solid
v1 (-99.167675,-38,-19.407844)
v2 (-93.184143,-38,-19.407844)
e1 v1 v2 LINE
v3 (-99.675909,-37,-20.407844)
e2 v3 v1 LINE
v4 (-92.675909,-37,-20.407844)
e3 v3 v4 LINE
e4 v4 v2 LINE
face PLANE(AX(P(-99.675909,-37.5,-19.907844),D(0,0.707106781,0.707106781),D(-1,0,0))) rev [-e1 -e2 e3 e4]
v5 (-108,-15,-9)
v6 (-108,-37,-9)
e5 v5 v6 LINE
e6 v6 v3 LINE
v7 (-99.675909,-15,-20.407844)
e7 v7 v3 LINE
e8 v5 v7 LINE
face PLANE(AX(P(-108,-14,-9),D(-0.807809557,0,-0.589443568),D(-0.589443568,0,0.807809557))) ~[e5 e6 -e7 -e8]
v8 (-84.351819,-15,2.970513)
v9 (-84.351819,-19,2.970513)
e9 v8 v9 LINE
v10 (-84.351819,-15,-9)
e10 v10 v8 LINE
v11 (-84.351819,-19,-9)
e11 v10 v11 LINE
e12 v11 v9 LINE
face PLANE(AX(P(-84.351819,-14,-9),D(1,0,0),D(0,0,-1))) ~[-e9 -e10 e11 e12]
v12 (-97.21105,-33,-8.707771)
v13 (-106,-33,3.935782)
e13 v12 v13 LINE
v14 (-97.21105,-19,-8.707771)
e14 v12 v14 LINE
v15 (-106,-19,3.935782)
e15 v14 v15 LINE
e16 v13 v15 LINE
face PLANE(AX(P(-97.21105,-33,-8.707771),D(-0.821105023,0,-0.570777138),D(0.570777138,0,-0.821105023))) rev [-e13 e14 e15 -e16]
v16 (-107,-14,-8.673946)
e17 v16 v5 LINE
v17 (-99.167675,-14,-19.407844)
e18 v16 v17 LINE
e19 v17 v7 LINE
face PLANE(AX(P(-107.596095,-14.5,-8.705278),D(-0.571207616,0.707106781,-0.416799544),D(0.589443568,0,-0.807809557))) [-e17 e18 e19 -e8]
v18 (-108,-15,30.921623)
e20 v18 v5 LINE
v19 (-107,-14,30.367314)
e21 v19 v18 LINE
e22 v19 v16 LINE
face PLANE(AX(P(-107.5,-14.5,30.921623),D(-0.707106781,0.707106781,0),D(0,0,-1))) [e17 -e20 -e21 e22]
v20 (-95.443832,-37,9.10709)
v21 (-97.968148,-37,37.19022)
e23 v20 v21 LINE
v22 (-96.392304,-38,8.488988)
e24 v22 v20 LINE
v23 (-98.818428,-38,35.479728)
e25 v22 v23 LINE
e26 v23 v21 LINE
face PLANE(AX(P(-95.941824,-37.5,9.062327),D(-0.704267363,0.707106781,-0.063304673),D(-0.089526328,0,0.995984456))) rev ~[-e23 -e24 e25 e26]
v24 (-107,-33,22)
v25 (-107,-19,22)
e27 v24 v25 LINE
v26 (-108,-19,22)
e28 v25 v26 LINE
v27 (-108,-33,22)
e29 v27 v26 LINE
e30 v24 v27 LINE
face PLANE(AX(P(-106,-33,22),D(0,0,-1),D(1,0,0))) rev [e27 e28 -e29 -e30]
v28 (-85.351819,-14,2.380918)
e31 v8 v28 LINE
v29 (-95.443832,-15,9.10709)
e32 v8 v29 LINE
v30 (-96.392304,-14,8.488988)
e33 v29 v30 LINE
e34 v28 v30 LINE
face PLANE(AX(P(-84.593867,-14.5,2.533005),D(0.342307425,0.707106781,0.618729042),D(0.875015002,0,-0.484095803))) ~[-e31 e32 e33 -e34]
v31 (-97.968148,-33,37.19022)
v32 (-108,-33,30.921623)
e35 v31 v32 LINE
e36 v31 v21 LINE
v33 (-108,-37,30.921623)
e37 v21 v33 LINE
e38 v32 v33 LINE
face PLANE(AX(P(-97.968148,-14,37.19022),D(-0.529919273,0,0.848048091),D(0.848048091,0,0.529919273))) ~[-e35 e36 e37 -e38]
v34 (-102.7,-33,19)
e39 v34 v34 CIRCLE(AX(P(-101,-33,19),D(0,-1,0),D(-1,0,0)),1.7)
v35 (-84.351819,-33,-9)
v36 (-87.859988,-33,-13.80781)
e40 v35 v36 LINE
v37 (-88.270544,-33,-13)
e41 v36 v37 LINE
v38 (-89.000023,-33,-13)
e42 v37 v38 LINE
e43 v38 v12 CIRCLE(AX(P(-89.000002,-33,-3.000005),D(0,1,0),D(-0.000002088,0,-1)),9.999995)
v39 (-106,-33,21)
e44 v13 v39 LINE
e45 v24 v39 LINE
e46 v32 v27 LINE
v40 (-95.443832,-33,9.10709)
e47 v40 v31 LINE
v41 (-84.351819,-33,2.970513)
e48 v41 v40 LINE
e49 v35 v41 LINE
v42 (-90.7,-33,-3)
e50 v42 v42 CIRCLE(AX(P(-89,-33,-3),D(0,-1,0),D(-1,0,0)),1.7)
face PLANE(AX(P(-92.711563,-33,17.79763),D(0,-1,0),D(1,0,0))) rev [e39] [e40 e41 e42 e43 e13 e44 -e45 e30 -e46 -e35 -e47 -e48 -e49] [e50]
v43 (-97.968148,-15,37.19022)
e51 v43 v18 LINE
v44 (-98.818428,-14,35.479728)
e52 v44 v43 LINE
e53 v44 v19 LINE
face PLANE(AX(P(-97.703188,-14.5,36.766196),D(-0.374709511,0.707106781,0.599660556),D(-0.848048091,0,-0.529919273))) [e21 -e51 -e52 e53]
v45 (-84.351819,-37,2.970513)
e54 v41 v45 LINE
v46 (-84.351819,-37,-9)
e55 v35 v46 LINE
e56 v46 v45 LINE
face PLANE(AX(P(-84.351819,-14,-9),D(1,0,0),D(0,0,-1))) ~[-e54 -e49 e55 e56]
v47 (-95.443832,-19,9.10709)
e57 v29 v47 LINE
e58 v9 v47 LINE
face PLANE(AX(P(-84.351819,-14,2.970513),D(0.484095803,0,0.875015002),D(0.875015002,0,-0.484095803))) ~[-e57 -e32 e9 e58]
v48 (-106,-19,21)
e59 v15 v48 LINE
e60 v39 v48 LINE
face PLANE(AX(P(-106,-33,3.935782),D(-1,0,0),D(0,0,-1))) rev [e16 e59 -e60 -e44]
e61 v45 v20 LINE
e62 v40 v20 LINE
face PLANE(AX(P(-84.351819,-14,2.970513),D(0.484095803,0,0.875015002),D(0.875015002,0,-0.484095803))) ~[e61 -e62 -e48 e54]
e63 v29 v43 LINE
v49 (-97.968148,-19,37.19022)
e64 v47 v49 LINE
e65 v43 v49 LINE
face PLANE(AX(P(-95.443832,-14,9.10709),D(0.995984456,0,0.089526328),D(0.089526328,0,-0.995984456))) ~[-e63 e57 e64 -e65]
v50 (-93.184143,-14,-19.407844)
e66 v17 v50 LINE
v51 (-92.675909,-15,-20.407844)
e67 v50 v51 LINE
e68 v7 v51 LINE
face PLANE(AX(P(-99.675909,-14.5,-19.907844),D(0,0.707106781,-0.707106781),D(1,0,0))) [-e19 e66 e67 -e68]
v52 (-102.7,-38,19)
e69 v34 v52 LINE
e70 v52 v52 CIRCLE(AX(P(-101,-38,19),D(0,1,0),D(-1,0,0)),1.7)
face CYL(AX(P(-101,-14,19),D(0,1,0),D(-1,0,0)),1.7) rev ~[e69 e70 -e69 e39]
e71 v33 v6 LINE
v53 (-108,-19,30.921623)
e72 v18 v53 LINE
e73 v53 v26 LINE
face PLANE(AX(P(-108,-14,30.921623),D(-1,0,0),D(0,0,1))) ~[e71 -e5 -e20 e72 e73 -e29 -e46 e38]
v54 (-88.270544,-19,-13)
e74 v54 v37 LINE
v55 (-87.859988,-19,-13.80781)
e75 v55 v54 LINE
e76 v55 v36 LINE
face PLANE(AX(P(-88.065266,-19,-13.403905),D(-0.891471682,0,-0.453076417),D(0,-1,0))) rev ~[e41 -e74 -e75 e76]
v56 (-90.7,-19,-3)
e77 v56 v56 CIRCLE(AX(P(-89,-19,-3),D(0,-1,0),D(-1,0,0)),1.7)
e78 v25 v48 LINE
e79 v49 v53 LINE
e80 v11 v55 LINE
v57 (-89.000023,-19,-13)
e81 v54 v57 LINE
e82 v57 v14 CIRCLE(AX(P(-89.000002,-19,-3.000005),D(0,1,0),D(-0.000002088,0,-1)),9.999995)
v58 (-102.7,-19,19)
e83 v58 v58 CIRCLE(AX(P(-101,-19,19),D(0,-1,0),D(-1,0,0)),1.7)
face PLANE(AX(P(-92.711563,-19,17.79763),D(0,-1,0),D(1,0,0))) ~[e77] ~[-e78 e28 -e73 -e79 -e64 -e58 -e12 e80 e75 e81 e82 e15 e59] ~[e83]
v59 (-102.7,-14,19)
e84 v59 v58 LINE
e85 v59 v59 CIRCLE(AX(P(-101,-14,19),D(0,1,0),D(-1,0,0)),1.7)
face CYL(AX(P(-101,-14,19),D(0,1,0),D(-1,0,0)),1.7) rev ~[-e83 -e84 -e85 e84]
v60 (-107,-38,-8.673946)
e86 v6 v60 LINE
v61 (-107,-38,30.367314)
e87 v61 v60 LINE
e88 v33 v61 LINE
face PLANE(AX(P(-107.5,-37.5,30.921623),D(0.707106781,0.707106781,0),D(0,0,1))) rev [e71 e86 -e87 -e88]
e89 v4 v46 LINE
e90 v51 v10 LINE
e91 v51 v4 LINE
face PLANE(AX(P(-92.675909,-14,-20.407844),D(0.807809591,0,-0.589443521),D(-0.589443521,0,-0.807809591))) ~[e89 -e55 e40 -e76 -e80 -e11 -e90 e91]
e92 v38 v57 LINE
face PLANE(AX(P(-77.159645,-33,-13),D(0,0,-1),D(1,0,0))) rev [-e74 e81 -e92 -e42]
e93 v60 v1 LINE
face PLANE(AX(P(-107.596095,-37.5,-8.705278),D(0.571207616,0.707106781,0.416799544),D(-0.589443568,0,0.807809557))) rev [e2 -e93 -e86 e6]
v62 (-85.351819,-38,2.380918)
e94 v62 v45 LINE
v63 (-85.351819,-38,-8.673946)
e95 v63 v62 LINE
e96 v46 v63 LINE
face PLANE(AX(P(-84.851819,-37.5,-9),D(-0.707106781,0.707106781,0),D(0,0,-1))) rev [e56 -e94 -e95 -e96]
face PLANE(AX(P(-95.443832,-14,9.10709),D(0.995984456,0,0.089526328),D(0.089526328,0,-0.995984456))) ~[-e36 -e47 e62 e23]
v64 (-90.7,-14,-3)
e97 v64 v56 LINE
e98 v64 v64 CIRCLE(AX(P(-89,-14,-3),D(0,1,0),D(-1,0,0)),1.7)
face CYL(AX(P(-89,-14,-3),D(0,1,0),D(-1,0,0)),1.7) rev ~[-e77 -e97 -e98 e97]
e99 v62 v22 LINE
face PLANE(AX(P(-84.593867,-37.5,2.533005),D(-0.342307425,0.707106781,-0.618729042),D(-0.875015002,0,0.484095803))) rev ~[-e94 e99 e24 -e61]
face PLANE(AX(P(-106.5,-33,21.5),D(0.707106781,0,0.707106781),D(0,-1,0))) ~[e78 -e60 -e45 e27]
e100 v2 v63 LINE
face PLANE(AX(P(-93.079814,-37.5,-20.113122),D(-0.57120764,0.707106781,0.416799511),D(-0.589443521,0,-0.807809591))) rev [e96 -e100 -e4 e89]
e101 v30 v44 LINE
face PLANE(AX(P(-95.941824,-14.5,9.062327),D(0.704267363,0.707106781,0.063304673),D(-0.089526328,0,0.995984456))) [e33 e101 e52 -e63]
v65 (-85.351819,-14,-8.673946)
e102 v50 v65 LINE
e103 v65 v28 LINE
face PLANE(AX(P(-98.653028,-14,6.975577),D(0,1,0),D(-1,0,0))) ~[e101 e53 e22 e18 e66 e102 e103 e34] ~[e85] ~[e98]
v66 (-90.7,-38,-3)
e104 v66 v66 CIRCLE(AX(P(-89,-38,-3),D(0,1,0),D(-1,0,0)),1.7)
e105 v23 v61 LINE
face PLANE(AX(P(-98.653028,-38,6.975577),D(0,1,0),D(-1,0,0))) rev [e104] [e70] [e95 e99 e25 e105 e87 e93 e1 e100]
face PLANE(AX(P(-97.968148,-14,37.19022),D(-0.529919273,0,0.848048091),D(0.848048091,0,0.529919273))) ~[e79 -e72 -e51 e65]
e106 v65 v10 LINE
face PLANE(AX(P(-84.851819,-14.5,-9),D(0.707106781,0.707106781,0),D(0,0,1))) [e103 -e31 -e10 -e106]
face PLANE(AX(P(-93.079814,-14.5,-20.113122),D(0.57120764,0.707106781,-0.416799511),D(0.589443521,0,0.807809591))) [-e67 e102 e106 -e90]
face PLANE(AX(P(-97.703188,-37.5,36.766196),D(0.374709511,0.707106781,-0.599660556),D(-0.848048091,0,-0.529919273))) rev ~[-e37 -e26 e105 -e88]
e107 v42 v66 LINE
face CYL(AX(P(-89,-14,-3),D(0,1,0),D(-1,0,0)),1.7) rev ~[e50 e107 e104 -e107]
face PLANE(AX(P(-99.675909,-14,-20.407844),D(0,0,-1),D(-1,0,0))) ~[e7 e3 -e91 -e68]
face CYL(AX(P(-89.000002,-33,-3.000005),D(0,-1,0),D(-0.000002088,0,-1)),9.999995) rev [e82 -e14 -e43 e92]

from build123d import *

# Parameters (mm, degrees)
PAD009_DEPTH    = 14
SKETCH008_R     = 1.7
PAD008_DEPTH    = 24
CHAMFER005_SIZE = 1


with BuildPart() as pad009:
    # Sketch009 → Pad009 (new body)
    with BuildSketch(Plane(origin=(0, 33, 0), x_dir=(-1, 0, 0), z_dir=(0, 1, 0))):
        with BuildLine():
            ThreePointArc((89.000023, -13), (93.632628, -11.86221), (97.21105, -8.707771))
            Line((97.21105, -8.707771), (106, 3.935782))
            Line((106, 3.935782), (106, 22))
            Line((106, 22), (112.578117, 22))
            Line((112.578117, 22), (112.578117, 42.659393))
            Line((112.578117, 42.659393), (77.159645, 42.659393))
            Line((77.159645, 42.659393), (77.159645, -13))
            Line((77.159645, -13), (89.000023, -13))
        make_face()
    extrude(amount=-PAD009_DEPTH)


with BuildPart() as clone_of_foot:
    # Sketch008 → Pad008 (new body)
    with BuildSketch(Plane(origin=(0, 14, 0), x_dir=(-1, 0, 0), z_dir=(0, 1, 0))):
        Polygon((84.351819, 2.970513), (95.443832, 9.10709), (97.968148, 37.19022), (108, 30.921623), (108, -9), (99.675909, -20.407844), (92.675909, -20.407844), (84.351819, -9), align=None)
        with Locations((101, 19)):
            Circle(SKETCH008_R, mode=Mode.SUBTRACT)
        with Locations((89, -3)):
            Circle(SKETCH008_R, mode=Mode.SUBTRACT)
    extrude(amount=PAD008_DEPTH)

    # Cut014: cut Pad009
    add(pad009.part, mode=Mode.SUBTRACT)

    # Chamfer005
    chamfer005_edges = [clone_of_foot.edges().sort_by_distance(p)[0] for p in [
        (-89.897825, 14, 6.038802),
        (-96.70599, 14, 23.148655),
        (-102.984074, 14, 34.055922),
        (-108, 14, 10.960812),
        (-103.837955, 14, -14.703922),
        (-96.175909, 14, -20.407844),
        (-88.513864, 14, -14.703922),
        (-84.351819, 14, -3.014744),
        (-108, 38, 10.960812),
        (-103.837955, 38, -14.703922),
        (-96.175909, 38, -20.407844),
        (-87.270544, 26, -13),
        (-88.513864, 38, -14.703922),
        (-106, 26, 22),
        (-89.897825, 38, 6.038802),
        (-96.70599, 38, 23.148655),
        (-102.984074, 38, 34.055922),
        (-84.351819, 38, -3.014744),
    ]]
    chamfer(chamfer005_edges, length=CHAMFER005_SIZE)


with BuildPart() as part_mirroring019:
    # Part__Mirroring019: instance of Clone of foot
    add(clone_of_foot.part.mirror(Plane(origin=(0, 0, 0), x_dir=(1, 0, 0), z_dir=(0, 1, 0))))


solid = part_mirroring019.part
